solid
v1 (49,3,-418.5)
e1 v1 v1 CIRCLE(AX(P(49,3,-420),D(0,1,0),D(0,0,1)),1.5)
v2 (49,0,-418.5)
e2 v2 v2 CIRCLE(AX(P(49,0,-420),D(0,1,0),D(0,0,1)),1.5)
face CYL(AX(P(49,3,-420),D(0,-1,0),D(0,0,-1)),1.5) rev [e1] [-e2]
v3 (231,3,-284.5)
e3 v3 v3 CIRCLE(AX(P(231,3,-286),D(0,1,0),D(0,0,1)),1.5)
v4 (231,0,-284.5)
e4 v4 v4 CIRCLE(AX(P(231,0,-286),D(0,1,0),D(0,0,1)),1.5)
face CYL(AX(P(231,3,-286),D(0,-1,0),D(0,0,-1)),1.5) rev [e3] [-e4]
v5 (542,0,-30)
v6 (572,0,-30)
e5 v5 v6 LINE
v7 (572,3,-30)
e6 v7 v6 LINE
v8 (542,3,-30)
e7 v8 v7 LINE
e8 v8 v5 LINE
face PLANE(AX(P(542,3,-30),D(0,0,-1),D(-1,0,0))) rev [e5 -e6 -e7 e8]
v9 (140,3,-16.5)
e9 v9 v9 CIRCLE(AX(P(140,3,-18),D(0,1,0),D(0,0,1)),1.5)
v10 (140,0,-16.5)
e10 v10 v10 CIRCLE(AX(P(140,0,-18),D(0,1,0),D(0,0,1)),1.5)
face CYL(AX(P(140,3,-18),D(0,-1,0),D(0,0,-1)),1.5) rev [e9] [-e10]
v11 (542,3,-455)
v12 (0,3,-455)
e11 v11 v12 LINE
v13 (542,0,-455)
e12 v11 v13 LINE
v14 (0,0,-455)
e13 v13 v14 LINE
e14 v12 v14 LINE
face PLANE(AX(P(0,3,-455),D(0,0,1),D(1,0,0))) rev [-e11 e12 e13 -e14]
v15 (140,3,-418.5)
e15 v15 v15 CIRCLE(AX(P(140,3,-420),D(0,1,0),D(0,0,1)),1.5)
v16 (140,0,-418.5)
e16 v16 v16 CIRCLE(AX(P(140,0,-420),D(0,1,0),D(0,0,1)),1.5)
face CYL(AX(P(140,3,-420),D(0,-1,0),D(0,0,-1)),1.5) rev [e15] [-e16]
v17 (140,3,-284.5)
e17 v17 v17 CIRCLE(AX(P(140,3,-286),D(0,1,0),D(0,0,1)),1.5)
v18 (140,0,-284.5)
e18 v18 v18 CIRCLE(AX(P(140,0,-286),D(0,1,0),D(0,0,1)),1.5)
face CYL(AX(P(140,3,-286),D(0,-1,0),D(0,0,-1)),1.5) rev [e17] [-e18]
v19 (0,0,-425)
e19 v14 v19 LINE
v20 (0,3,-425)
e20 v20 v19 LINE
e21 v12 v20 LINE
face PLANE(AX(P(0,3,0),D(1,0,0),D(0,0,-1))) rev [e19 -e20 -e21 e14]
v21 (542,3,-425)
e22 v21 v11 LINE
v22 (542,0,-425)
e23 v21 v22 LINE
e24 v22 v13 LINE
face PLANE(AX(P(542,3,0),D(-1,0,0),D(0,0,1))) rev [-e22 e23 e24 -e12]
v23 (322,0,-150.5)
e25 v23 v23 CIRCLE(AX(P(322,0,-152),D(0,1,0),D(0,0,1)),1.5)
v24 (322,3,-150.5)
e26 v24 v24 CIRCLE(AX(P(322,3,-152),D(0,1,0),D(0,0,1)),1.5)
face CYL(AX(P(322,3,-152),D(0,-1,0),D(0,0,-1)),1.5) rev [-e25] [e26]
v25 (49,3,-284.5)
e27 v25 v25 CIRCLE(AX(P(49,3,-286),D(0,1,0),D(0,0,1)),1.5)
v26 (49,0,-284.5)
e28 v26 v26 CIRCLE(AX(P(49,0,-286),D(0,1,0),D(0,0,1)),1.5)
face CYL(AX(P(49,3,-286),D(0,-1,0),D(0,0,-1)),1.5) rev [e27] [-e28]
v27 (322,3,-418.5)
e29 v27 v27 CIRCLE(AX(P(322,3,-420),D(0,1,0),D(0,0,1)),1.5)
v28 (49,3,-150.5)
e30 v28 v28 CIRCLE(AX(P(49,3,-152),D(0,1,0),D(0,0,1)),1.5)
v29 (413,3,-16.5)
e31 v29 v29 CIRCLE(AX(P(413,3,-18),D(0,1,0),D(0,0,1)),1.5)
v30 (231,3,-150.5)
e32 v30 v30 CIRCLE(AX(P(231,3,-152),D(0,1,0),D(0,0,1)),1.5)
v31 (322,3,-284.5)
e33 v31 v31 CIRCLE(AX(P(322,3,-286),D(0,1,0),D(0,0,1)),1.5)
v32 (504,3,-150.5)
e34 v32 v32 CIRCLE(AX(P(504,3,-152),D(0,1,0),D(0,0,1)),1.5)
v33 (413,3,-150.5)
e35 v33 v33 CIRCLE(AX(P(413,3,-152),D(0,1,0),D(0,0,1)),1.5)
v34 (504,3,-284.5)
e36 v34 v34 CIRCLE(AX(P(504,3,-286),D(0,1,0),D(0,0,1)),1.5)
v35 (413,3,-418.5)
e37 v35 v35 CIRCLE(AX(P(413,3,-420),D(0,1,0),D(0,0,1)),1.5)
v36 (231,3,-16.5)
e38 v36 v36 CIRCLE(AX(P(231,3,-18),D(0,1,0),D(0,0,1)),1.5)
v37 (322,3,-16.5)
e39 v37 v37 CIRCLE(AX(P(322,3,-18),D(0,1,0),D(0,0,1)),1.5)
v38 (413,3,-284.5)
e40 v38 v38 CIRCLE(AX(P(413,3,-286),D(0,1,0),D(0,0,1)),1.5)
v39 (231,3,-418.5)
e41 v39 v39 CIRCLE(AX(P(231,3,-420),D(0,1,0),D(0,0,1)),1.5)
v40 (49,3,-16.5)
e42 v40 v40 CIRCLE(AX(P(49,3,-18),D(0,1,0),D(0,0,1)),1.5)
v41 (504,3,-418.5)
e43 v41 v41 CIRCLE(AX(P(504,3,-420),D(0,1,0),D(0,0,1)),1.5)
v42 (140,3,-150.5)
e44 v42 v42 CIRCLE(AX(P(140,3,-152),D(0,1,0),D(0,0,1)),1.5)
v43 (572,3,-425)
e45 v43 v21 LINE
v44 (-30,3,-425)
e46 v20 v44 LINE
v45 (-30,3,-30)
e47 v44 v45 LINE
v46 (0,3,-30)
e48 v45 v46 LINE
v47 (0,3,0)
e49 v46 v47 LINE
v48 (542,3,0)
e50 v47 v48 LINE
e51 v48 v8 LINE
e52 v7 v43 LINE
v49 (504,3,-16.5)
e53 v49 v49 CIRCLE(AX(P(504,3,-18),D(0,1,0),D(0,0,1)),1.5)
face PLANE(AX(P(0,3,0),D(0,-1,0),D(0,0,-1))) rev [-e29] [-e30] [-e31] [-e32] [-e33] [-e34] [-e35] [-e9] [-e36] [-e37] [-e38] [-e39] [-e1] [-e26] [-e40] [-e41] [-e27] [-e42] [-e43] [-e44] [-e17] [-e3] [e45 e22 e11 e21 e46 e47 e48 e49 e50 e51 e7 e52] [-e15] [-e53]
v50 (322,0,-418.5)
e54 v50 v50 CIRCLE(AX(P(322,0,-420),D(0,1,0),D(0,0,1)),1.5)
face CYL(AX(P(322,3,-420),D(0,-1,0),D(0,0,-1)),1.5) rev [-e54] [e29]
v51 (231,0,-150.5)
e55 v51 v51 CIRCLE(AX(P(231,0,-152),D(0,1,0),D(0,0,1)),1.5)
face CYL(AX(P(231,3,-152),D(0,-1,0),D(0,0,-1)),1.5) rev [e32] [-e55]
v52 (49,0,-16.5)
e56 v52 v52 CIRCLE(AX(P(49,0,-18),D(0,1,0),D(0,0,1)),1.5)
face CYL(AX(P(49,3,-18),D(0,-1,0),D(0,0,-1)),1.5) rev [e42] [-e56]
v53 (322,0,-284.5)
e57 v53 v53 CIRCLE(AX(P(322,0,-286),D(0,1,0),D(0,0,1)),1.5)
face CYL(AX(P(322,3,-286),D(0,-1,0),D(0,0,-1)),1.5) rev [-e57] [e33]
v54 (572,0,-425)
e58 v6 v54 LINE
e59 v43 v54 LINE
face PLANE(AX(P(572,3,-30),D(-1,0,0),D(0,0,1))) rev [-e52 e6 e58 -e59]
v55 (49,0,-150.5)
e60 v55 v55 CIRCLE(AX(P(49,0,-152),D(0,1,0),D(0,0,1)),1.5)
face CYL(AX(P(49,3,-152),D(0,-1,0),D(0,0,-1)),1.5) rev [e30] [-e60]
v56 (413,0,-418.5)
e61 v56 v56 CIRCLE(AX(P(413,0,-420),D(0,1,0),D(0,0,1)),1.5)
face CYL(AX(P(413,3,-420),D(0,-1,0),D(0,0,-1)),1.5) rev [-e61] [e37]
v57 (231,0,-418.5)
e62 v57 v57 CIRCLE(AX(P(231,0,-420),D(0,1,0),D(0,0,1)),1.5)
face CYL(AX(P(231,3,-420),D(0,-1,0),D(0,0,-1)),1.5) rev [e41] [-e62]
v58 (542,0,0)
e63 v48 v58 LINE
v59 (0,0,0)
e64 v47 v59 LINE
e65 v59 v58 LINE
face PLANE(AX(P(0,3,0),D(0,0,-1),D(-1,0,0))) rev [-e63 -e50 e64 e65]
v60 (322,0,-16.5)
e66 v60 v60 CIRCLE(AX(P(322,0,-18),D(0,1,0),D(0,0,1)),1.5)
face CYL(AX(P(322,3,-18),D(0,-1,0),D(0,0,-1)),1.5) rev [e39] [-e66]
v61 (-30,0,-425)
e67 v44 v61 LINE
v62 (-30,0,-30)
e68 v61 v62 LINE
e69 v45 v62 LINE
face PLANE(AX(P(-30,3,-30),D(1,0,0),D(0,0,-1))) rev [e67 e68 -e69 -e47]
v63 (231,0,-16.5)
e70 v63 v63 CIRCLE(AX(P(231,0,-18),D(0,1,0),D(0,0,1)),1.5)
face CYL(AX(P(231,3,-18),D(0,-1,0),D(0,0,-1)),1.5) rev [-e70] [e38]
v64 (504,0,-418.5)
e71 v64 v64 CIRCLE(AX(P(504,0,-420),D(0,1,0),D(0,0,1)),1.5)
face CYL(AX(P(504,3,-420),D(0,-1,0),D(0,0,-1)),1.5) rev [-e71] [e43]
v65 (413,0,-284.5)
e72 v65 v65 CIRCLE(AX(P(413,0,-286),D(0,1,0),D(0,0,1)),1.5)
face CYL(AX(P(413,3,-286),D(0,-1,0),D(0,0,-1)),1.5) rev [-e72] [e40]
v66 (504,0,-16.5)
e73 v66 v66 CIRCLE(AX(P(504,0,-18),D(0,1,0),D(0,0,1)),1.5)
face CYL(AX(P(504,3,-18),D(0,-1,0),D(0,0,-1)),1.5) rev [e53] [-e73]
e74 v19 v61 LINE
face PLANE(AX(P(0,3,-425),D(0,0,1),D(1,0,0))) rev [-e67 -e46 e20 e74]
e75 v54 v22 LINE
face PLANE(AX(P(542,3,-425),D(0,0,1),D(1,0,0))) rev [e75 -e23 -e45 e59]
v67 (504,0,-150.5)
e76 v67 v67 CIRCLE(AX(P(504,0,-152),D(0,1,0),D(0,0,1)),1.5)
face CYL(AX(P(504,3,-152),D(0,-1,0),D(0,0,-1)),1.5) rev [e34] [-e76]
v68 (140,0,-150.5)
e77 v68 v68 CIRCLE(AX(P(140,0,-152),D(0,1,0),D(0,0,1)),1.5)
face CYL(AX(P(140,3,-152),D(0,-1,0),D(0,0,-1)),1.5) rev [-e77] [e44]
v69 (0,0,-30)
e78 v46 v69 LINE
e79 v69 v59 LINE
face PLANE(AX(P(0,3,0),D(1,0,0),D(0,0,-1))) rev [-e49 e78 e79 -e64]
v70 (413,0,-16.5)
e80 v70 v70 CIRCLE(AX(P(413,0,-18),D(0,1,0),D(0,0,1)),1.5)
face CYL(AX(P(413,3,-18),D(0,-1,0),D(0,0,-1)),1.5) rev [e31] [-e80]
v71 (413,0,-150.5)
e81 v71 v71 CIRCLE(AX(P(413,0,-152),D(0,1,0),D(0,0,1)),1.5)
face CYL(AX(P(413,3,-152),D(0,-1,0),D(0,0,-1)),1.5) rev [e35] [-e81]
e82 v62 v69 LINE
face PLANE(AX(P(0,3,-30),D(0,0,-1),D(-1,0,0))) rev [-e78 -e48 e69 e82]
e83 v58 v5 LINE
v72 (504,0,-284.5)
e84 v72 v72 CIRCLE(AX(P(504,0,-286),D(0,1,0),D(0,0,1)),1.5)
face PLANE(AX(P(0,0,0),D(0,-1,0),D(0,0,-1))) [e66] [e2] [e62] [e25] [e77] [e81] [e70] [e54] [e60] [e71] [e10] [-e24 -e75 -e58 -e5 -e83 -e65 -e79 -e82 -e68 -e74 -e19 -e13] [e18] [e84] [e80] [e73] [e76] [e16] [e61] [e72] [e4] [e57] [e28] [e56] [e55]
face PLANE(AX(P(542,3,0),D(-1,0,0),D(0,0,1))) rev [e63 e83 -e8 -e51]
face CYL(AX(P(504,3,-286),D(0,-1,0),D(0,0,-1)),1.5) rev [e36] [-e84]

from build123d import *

# Parameters (mm, degrees)
SKETCH1_W           = 542
SKETCH1_H           = 455
SKETCH1_R           = 1.5
BOSS_EXTRUDE1_DEPTH = 3
SKETCH2_W           = 30
SKETCH2_H           = 395
BOSS_EXTRUDE2_DEPTH = 3


with BuildPart() as part:
    # Sketch1 → Boss-Extrude1 (new body)
    with BuildSketch(Plane(origin=(0, 0, 0), x_dir=(1, 0, 0), z_dir=(0, 1, 0))):
        with Locations((271, 227.5)):
            Rectangle(SKETCH1_W, SKETCH1_H)
        with Locations((49, 18)):
            Circle(SKETCH1_R, mode=Mode.SUBTRACT)
        with Locations((140, 18)):
            Circle(SKETCH1_R, mode=Mode.SUBTRACT)
        with Locations((231, 18)):
            Circle(SKETCH1_R, mode=Mode.SUBTRACT)
        with Locations((413, 18)):
            Circle(SKETCH1_R, mode=Mode.SUBTRACT)
        with Locations((504, 18)):
            Circle(SKETCH1_R, mode=Mode.SUBTRACT)
        with Locations((322, 18)):
            Circle(SKETCH1_R, mode=Mode.SUBTRACT)
        with Locations((49, 152)):
            Circle(SKETCH1_R, mode=Mode.SUBTRACT)
        with Locations((140, 152)):
            Circle(SKETCH1_R, mode=Mode.SUBTRACT)
        with Locations((231, 152)):
            Circle(SKETCH1_R, mode=Mode.SUBTRACT)
        with Locations((322, 152)):
            Circle(SKETCH1_R, mode=Mode.SUBTRACT)
        with Locations((413, 152)):
            Circle(SKETCH1_R, mode=Mode.SUBTRACT)
        with Locations((504, 152)):
            Circle(SKETCH1_R, mode=Mode.SUBTRACT)
        with Locations((49, 286)):
            Circle(SKETCH1_R, mode=Mode.SUBTRACT)
        with Locations((140, 286)):
            Circle(SKETCH1_R, mode=Mode.SUBTRACT)
        with Locations((231, 286)):
            Circle(SKETCH1_R, mode=Mode.SUBTRACT)
        with Locations((322, 286)):
            Circle(SKETCH1_R, mode=Mode.SUBTRACT)
        with Locations((413, 286)):
            Circle(SKETCH1_R, mode=Mode.SUBTRACT)
        with Locations((504, 286)):
            Circle(SKETCH1_R, mode=Mode.SUBTRACT)
        with Locations((49, 420)):
            Circle(SKETCH1_R, mode=Mode.SUBTRACT)
        with Locations((140, 420)):
            Circle(SKETCH1_R, mode=Mode.SUBTRACT)
        with Locations((231, 420)):
            Circle(SKETCH1_R, mode=Mode.SUBTRACT)
        with Locations((322, 420)):
            Circle(SKETCH1_R, mode=Mode.SUBTRACT)
        with Locations((413, 420)):
            Circle(SKETCH1_R, mode=Mode.SUBTRACT)
        with Locations((504, 420)):
            Circle(SKETCH1_R, mode=Mode.SUBTRACT)
    extrude(amount=BOSS_EXTRUDE1_DEPTH)

    # Sketch2 → Boss-Extrude2 (add)
    with BuildSketch(Plane(origin=(0, 0, 0), x_dir=(1, 0, 0), z_dir=(0, 1, 0))):
        with Locations((-15, 227.5)):
            Rectangle(SKETCH2_W, SKETCH2_H)
        with Locations((557, 227.5)):
            Rectangle(SKETCH2_W, SKETCH2_H)
    extrude(amount=BOSS_EXTRUDE2_DEPTH)


solid = part.part
